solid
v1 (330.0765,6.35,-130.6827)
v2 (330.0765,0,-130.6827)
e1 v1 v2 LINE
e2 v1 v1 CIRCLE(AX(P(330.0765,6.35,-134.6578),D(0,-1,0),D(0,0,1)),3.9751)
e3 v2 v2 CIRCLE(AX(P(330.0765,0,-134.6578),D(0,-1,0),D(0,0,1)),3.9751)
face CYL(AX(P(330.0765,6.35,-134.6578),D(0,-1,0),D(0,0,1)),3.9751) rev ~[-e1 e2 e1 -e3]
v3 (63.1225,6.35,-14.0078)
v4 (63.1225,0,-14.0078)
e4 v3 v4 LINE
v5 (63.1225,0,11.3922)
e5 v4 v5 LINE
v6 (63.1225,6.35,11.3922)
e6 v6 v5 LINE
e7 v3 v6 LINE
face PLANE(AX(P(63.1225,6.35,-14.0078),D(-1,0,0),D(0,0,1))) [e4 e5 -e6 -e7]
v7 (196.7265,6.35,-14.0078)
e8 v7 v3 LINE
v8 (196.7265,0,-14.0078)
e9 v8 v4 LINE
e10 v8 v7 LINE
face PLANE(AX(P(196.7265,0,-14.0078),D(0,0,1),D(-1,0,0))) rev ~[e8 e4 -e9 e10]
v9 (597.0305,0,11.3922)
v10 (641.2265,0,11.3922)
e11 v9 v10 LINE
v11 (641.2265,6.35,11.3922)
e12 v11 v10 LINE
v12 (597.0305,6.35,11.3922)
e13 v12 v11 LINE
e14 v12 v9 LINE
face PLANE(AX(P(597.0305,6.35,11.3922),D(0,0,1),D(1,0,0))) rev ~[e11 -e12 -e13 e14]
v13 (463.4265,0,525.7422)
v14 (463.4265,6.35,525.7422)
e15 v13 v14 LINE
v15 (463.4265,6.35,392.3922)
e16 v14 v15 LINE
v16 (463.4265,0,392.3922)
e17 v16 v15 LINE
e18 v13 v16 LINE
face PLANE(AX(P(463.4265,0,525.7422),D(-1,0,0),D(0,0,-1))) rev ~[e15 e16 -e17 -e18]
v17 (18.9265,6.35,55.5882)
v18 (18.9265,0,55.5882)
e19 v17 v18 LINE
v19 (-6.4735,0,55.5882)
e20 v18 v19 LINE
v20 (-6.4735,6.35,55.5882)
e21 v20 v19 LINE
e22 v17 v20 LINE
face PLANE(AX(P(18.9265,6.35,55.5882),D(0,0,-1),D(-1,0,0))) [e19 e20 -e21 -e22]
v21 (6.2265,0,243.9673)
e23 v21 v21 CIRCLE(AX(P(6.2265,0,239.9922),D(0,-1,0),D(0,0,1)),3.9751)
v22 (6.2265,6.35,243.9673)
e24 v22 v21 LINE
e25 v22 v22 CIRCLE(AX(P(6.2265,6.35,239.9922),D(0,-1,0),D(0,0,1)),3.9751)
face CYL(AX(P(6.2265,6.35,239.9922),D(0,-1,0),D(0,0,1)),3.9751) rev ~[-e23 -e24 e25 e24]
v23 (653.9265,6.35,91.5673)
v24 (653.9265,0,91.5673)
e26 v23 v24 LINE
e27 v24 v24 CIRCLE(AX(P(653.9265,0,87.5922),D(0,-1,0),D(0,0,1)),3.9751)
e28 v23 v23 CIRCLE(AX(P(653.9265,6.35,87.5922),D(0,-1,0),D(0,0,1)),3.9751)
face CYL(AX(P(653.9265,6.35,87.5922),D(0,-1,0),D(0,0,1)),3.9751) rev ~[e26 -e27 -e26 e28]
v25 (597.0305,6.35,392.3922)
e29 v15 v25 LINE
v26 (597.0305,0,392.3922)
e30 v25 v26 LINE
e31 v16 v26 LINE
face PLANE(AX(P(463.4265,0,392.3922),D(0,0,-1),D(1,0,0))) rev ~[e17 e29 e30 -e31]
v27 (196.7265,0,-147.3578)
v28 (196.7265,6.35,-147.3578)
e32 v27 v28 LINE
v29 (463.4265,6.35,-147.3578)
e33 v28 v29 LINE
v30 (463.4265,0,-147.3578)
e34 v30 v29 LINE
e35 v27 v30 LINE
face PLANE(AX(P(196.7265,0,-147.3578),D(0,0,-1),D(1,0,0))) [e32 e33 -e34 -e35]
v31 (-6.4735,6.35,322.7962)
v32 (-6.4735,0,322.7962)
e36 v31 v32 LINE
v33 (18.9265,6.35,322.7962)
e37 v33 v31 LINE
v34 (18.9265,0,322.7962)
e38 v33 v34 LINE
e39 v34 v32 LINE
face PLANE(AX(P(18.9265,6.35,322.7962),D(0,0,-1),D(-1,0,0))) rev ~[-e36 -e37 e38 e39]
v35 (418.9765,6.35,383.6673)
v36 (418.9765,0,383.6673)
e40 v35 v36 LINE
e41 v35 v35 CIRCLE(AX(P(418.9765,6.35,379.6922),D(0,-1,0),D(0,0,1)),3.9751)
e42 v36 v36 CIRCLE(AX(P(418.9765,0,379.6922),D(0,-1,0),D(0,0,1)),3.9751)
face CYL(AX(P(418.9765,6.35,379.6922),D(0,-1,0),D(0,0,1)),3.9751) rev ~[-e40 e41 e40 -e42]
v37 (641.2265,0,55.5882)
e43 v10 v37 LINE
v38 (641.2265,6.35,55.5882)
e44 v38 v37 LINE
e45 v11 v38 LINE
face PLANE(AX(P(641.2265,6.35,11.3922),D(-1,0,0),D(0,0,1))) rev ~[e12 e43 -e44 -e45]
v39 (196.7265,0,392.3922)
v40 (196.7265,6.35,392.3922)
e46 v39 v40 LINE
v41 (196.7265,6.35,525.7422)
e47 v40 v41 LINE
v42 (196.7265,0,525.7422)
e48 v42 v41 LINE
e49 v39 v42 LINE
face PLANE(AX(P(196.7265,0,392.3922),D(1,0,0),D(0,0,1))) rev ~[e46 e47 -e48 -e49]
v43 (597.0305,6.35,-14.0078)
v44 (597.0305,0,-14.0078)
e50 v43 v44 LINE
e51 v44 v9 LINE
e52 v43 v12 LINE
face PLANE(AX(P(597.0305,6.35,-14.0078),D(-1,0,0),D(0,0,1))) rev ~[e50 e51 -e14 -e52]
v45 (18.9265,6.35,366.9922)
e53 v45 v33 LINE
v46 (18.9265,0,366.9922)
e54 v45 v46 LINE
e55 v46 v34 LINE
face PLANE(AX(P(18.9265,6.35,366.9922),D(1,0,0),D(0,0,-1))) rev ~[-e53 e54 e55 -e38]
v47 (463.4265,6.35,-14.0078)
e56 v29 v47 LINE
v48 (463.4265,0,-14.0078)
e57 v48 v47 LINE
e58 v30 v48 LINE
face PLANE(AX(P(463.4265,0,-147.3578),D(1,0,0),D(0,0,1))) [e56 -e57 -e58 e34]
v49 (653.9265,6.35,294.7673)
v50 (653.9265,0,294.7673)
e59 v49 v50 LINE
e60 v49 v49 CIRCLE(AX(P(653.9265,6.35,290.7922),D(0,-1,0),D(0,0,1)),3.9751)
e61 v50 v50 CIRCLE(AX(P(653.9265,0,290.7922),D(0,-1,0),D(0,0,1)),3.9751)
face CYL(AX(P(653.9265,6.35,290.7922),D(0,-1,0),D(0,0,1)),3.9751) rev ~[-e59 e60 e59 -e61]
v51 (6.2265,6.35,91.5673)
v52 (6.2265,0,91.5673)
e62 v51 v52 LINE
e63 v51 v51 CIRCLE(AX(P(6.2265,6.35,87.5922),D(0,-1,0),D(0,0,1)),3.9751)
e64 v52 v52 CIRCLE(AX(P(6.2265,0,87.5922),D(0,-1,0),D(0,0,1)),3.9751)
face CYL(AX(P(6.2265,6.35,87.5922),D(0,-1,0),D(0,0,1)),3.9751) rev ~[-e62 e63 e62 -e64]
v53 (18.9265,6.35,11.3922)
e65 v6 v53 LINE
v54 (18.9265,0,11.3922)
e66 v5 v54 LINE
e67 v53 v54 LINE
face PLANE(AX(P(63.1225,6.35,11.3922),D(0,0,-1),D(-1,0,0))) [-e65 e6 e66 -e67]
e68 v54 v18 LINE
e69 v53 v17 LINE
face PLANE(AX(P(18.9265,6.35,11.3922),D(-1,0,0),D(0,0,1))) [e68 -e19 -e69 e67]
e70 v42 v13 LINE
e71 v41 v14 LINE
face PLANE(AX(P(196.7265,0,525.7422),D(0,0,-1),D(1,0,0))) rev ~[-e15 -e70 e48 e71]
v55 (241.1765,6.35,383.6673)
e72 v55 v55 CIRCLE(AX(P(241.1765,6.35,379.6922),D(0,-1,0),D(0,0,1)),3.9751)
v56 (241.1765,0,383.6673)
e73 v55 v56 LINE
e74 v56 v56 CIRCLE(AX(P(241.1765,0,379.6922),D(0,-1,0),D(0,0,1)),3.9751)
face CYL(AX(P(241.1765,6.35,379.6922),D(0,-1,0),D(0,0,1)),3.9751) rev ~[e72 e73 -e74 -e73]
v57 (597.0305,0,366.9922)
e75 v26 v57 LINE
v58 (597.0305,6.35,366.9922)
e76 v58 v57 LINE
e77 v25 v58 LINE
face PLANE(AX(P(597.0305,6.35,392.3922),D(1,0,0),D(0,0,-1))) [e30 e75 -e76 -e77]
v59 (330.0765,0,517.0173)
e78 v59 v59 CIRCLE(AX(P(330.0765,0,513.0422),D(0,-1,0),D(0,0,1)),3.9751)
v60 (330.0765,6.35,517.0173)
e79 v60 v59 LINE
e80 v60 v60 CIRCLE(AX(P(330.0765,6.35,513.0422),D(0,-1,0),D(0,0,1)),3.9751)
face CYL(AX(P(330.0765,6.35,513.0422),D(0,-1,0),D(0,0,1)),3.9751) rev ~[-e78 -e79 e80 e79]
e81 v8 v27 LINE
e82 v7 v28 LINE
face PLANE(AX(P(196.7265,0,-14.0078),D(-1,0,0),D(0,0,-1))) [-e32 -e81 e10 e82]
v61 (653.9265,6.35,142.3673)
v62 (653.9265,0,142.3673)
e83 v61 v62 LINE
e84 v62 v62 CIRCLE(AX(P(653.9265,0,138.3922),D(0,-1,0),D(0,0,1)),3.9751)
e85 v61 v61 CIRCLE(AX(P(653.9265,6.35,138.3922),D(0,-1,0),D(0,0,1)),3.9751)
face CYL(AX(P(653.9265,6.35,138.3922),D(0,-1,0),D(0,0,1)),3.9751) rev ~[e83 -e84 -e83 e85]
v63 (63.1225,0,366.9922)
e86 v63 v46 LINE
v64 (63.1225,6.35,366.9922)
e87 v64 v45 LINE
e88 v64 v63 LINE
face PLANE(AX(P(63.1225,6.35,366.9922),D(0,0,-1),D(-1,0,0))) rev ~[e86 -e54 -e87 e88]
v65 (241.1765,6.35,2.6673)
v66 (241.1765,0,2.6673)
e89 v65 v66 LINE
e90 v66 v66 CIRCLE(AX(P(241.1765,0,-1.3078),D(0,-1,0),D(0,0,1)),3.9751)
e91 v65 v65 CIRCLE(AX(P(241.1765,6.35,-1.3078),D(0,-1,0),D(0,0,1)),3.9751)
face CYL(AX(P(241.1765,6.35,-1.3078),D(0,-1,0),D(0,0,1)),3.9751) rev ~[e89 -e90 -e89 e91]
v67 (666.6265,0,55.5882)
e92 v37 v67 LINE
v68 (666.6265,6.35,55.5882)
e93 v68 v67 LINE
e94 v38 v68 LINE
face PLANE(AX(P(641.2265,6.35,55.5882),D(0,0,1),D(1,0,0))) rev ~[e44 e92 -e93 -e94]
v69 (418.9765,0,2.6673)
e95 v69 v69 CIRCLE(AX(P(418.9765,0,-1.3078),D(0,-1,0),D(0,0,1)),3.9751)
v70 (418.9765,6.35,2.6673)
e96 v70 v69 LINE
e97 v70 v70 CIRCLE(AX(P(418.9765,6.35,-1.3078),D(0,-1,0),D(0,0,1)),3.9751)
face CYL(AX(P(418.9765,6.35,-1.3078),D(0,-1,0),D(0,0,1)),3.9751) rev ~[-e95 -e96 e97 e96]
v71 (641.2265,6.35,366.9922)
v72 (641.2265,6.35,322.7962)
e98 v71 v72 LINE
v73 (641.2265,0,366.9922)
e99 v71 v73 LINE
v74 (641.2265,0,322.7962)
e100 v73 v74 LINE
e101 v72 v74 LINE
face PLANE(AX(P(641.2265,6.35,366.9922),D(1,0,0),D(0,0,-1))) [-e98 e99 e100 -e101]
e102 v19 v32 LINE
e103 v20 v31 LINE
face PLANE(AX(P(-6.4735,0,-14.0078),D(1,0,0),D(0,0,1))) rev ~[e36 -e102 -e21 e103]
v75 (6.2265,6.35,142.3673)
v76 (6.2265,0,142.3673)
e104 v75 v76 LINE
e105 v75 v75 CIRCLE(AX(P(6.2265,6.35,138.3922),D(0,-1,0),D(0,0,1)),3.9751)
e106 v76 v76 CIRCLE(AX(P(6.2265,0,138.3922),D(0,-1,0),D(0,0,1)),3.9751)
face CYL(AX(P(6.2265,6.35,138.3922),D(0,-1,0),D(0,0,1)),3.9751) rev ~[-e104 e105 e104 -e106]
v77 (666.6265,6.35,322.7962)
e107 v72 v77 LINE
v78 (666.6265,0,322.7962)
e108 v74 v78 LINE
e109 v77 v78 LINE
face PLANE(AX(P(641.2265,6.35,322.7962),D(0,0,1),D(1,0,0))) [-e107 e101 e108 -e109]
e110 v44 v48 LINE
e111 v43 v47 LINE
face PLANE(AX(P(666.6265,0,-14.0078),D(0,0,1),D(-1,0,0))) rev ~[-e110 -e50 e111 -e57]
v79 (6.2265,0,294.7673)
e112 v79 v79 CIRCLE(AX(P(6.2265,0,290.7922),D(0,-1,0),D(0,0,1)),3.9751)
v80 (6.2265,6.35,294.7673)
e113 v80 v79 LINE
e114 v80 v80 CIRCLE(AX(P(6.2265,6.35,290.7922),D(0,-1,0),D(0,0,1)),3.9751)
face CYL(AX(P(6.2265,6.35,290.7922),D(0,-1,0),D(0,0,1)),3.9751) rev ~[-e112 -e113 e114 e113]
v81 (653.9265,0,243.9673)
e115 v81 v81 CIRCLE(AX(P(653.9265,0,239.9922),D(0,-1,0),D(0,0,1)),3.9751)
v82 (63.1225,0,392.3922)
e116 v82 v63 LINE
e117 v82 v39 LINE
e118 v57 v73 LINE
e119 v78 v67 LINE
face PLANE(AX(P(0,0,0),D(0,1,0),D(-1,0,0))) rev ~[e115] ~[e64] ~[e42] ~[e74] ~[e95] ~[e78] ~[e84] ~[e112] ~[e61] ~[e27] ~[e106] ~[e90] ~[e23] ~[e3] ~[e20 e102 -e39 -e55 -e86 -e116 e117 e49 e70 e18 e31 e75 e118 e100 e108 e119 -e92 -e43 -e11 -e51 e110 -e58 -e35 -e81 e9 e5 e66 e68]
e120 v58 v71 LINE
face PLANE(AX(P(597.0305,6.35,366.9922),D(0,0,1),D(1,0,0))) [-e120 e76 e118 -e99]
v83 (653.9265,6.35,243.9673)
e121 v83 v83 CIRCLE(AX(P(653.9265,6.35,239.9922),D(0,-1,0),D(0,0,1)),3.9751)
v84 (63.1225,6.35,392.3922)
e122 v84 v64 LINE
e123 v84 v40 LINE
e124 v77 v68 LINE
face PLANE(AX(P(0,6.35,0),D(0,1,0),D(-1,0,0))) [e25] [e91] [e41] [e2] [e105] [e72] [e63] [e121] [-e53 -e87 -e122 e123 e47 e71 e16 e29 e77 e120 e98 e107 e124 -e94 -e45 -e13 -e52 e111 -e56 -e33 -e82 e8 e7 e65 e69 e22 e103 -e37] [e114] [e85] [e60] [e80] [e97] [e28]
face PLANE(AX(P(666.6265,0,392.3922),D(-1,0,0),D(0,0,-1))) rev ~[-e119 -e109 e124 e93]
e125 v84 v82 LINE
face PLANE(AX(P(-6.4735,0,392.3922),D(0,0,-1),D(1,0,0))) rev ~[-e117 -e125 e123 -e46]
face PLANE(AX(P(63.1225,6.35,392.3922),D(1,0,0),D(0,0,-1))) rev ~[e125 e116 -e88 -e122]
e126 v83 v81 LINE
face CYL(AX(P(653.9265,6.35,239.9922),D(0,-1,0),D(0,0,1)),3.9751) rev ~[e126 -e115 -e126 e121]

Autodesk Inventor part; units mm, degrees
ref_plane "YZ Plane" through (0, 0, 0) normal (1, 0, 0) x (0, 1, 0)
ref_plane "XZ Plane" through (0, 0, 0) normal (0, 1, 0) x (-1, 0, 0)
ref_plane "XY Plane" through (0, 0, 0) normal (0, 0, 1) x (1, 0, 0)
sketch "Sketch1" plane through (0, 0, 0) normal (0, 1, 0) x (-1, 0, 0)
  line L0 (-666.6265, 392.3922) -> (-666.6265, -14.0078)
  line L1 (6.4735, -14.0078) -> (6.4735, 392.3922)
  line L2 (-196.7265, 392.3922) -> (-196.7265, 525.7422)
  line L3 (-196.7265, 525.7422) -> (-463.4265, 525.7422)
  line L4 (-463.4265, 525.7422) -> (-463.4265, 392.3922)
  line L5 (6.4735, 392.3922) -> (-196.7265, 392.3922)
  line L6 (-463.4265, 392.3922) -> (-666.6265, 392.3922)
  line L7 (-196.7265, -14.0078) -> (-196.7265, -147.3578)
  line L8 (-196.7265, -147.3578) -> (-463.4265, -147.3578)
  line L9 (-463.4265, -147.3578) -> (-463.4265, -14.0078)
  line L10 (-666.6265, -14.0078) -> (-463.4265, -14.0078)
  line L11 (-196.7265, -14.0078) -> (6.4735, -14.0078)
  point P0 (0, 0)
  dimension "d0" = 673.1
  dimension "d1" = 406.4
  dimension "d73" = 266.7
  dimension "d75" = 203.2
  dimension "d76" = 266.7
extrude "Extrusion1" add sketch "Sketch1" along normal blind 6.35
sketch "Sketch2" plane through (0, 6.35, 0) normal (0, 1, 0) x (1, 0, 0)
  line L0 (666.6265, -392.3922) -> (666.6265, 14.0078) projected
  line L1 (666.6265, -392.3922) -> (666.6265, -290.7922)
  line L2 (666.6265, -290.7922) -> (666.6265, -189.1922) construction
  line L3 (666.6265, 14.0078) -> (666.6265, -58.7236) construction
  line L4 (666.6265, 14.0078) -> (666.6265, -87.5922) construction
  line L5 (-6.4735, 14.0078) -> (-6.4735, -392.3922) construction
  line L6 (-6.4735, -392.3922) -> (241.1765, -392.3922) construction
  line L7 (-6.4735, -392.3922) -> (666.6265, -392.3922) construction
  line L8 (666.6265, -392.3922) -> (418.9765, -392.3922) construction
  circle A0 centre (653.9265, -290.7922) radius 3.175
  circle A1 centre (653.9265, -87.5922) radius 3.175
  circle A2 centre (241.1765, -379.6922) radius 3.175
  circle A3 centre (418.9765, -379.6922) radius 3.175
  circle A4 centre (418.9765, 1.3078) radius 3.175
  circle A5 centre (241.1765, 1.3078) radius 3.175
  circle A6 centre (6.2265, -87.5922) radius 3.175
  circle A7 centre (6.2265, -290.7922) radius 3.175
  circle A8 centre (6.2265, -239.9922) radius 3.9751
  circle A9 centre (6.2265, -138.3922) radius 3.9751
  circle A10 centre (653.9265, -239.9922) radius 3.9751
  circle A11 centre (653.9265, -138.3922) radius 3.9751
  line L9 (458.3979, 14.0078) -> (460.8865, 14.0078)
  line L10 (460.8865, 14.0078) -> (460.8865, -3.7722)
  line L11 (460.8865, -3.7722) -> (448.1865, -3.7722)
  line L12 (448.1865, -3.7722) -> (448.1865, 7.197)
  line L13 (448.1865, 7.197) -> (460.8865, 7.197)
  line L14 (460.8865, 7.197) -> (460.8865, -3.7722)
  line L15 (666.6265, 14.0078) -> (-6.4735, 14.0078) projected
  circle A12 centre (330.0765, -513.0422) radius 3.9751
  line L16 (196.7265, -392.3922) -> (196.7265, -525.7422) projected
  circle A13 centre (330.0765, 134.6578) radius 3.9751
  line L17 (196.7265, 147.3578) -> (196.7265, 14.0078) projected
  line L18 (196.7265, -525.7422) -> (463.4265, -525.7422) projected
  line L19 (463.4265, 147.3578) -> (196.7265, 147.3578) projected
  point P0 (0, 0)
  dimension "d11" = 6.35
  dimension "d12" = 6.35
  dimension "d13" = 12.7
  dimension "d14" = 12.7
  dimension "d15" = 6.35
  dimension "d16" = 12.7
  dimension "d17" = 6.35
  dimension "d18" = 12.7
  dimension "d19" = 6.35
  dimension "d20" = 6.35
  dimension "d23" = 6.35
  dimension "d24" = 6.35
  dimension "d25" = 12.7
  dimension "d26" = 12.7
  dimension "d34" = 7.9502
  dimension "d35" = 7.9502
  dimension "d40" = 50.8
  dimension "d43" = 50.8
  dimension "d44" = 7.9502
  dimension "d45" = 7.9502
  dimension "d46" = 50.8
  dimension "d66" = 205.74
  dimension "d68" = 12.7
  dimension "d70" = 17.78
  dimension "d78" = 7.9502
  dimension "d79" = 133.35
  dimension "d80" = 7.9502
  dimension "d81" = 133.35
  dimension "d82" = 12.7
  dimension "d83" = 12.7
hole "Hole1" at (653.9265, 6.35, 290.7922) at (653.9265, 6.35, 87.5922) at (418.9765, 6.35, -1.3078) at (241.1765, 6.35, -1.3078) at (418.9765, 6.35, 379.6922) at (241.1765, 6.35, 379.6922) at (6.2265, 6.35, 290.7922) at (6.2265, 6.35, 87.5922) at (6.2265, 6.35, 239.9922) at (6.2265, 6.35, 138.3922) at (653.9265, 6.35, 239.9922) at (653.9265, 6.35, 138.3922) at (330.0765, 6.35, 513.0422) at (330.0765, 6.35, -134.6578) direction (0, -1, 0) diameter 7.9502 end through all
sketch "Sketch3" plane through (0, 6.35, 0) normal (0, 1, 0) x (1, 0, 0)
  line L0 (-6.4735, -392.3922) -> (666.6265, -392.3922) projected
  line L1 (-6.4735, -392.3922) -> (63.1225, -392.3922)
  line L2 (63.1225, -392.3922) -> (63.1225, -366.9922)
  line L3 (63.1225, -366.9922) -> (18.9265, -366.9922)
  line L4 (-6.4735, -366.9922) -> (-6.4735, -392.3922)
  line L5 (-6.4735, -392.3922) -> (18.9265, -392.3922)
  line L6 (18.9265, -366.9922) -> (18.9265, -322.7962)
  line L7 (18.9265, -322.7962) -> (-6.4735, -322.7962)
  line L8 (-6.4735, -322.7962) -> (-6.4735, -392.3922)
  line L9 (666.6265, 14.0078) -> (-6.4735, 14.0078) projected
  line L10 (-6.4735, 14.0078) -> (63.1225, 14.0078)
  line L11 (63.1225, 14.0078) -> (63.1225, -11.3922)
  line L12 (63.1225, -11.3922) -> (18.9265, -11.3922)
  line L13 (-6.4735, -11.3922) -> (-6.4735, 14.0078)
  line L14 (-6.4735, 14.0078) -> (18.9265, 14.0078)
  line L15 (18.9265, -11.3922) -> (18.9265, -55.5882)
  line L16 (18.9265, -55.5882) -> (-6.4735, -55.5882)
  line L17 (-6.4735, -55.5882) -> (-6.4735, 14.0078)
  line L18 (666.6265, -392.3922) -> (641.2265, -392.3922)
  line L19 (641.2265, -366.9922) -> (641.2265, -322.7962)
  line L20 (641.2265, -322.7962) -> (666.6265, -322.7962)
  line L21 (666.6265, -322.7962) -> (666.6265, -392.3922)
  line L22 (666.6265, -392.3922) -> (597.0305, -392.3922)
  line L23 (597.0305, -392.3922) -> (597.0305, -366.9922)
  line L24 (597.0305, -366.9922) -> (641.2265, -366.9922)
  line L25 (666.6265, -366.9922) -> (666.6265, -392.3922)
  line L26 (666.6265, 14.0078) -> (597.0305, 14.0078)
  line L27 (597.0305, 14.0078) -> (597.0305, -11.3922)
  line L28 (597.0305, -11.3922) -> (641.2265, -11.3922)
  line L29 (666.6265, -11.3922) -> (666.6265, 14.0078)
  line L30 (666.6265, 14.0078) -> (641.2265, 14.0078)
  line L31 (641.2265, -11.3922) -> (641.2265, -55.5882)
  line L32 (641.2265, -55.5882) -> (666.6265, -55.5882)
  line L33 (666.6265, -55.5882) -> (666.6265, 14.0078)
  point P0 (0, 0)
  dimension "d47" = 69.596
  dimension "d48" = 25.4
  dimension "d49" = 25.4
  dimension "d50" = 69.596
  dimension "d51" = 69.596
  dimension "d52" = 25.4
  dimension "d53" = 25.4
  dimension "d54" = 69.596
  dimension "d55" = 25.4
  dimension "d56" = 69.596
  dimension "d57" = 69.596
  dimension "d58" = 25.4
  dimension "d59" = 69.596
  dimension "d60" = 25.4
  dimension "d61" = 25.4
  dimension "d62" = 69.596
extrude "Extrusion2" cut sketch "Sketch3" against normal blind 25.4
sketch "Sketch4" plane through (0, 6.35, 0) normal (0, 1, 0) x (1, 0, 0)
  line L0 (-6.4735, -55.5882) -> (-6.4735, -322.7962) construction
  line L1 (666.6265, -322.7962) -> (666.6265, -55.5882) construction
  point P0 (0, 0)
properties part number "Polyc_for_swerve" material "Polycarbonate, Clear"
